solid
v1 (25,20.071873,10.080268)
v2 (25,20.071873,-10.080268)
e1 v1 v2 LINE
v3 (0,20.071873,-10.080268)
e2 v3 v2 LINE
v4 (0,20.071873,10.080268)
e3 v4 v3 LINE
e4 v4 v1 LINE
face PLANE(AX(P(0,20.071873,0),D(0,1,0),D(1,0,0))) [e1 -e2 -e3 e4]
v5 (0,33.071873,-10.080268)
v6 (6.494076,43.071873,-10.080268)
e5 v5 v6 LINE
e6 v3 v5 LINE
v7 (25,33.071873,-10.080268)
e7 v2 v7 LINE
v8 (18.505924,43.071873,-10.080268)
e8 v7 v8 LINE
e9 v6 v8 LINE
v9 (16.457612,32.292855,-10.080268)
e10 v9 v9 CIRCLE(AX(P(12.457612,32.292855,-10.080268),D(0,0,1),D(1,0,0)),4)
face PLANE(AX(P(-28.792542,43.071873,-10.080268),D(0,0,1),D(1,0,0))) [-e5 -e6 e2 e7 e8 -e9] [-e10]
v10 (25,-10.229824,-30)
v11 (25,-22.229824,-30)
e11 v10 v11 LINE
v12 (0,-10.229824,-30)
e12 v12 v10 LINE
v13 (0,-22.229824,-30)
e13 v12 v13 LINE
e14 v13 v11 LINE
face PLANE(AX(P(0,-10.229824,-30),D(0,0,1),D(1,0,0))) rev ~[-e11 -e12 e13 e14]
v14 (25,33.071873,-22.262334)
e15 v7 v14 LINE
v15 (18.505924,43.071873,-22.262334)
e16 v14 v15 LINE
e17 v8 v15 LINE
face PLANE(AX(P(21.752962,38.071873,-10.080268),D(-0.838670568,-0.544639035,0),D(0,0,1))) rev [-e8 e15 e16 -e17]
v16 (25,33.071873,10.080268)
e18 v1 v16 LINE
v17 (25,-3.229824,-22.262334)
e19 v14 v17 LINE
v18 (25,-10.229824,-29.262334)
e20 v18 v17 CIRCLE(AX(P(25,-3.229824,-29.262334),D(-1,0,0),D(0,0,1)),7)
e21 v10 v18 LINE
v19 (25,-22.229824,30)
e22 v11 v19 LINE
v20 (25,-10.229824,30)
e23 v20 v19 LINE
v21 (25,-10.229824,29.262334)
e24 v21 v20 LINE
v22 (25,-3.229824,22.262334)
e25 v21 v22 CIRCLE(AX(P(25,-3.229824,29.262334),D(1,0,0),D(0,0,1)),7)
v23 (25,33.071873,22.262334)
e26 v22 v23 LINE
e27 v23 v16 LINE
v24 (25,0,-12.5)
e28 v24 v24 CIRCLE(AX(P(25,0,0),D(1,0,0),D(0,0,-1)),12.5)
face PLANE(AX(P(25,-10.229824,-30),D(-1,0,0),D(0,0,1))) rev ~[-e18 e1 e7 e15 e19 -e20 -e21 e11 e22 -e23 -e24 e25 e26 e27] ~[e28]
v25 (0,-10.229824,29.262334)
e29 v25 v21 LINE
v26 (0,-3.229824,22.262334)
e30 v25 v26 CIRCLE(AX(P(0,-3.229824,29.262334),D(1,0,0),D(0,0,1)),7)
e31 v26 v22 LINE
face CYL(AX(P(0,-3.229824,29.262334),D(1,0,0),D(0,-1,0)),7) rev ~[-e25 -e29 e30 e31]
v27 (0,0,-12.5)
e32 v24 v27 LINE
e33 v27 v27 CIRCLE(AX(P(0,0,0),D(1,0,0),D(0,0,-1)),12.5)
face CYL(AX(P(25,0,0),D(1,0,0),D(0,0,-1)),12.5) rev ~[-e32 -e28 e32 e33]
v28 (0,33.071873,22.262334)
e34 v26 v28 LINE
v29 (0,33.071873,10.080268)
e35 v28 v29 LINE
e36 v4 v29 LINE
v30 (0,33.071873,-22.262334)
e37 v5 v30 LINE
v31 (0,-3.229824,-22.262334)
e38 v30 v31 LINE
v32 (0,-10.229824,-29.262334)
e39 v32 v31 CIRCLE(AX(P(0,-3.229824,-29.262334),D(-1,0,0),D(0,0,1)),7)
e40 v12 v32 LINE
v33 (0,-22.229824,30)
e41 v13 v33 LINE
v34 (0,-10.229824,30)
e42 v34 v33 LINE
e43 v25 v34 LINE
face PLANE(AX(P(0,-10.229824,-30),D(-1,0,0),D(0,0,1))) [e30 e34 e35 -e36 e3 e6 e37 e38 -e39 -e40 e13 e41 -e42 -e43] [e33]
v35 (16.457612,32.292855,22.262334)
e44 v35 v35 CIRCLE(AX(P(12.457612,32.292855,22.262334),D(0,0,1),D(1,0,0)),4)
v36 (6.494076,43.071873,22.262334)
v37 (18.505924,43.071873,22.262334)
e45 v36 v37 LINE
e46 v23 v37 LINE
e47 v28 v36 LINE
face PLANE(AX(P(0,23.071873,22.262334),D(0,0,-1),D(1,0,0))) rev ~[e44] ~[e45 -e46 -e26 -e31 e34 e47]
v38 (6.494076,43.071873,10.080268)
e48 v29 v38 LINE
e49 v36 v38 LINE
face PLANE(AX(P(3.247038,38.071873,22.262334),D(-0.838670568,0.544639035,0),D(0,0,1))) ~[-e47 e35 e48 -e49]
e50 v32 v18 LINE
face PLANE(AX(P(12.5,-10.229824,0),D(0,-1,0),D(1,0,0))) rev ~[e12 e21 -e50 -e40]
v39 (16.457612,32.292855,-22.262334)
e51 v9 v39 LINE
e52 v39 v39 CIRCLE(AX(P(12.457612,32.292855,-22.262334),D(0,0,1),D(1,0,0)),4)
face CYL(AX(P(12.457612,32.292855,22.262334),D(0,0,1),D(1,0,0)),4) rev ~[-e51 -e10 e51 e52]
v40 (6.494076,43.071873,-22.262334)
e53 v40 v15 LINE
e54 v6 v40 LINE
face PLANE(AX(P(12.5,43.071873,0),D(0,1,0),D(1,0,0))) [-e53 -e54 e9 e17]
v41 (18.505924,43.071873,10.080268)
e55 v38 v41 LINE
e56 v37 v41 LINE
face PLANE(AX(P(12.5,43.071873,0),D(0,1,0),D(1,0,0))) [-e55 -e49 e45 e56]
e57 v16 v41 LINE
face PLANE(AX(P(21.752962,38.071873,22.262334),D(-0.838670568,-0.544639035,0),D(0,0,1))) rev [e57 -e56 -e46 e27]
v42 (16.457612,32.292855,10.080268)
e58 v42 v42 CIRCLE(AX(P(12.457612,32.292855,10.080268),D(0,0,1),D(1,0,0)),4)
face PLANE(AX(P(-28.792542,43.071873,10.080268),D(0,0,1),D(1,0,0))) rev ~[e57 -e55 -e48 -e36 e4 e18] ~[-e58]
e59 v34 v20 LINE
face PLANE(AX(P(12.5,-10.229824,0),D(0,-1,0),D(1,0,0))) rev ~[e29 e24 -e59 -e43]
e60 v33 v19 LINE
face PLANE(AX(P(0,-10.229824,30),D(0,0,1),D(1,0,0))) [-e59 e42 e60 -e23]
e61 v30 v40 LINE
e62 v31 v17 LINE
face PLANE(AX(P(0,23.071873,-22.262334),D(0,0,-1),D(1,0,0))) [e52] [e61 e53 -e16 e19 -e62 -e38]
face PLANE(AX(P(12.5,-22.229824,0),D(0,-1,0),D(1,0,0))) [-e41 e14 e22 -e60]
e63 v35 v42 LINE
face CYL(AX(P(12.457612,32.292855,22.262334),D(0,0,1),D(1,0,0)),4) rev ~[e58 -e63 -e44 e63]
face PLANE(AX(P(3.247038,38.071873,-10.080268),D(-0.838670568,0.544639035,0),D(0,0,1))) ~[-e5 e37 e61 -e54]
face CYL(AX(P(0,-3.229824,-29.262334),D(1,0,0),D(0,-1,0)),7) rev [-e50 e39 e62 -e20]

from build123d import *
from OCP.BRepFilletAPI import BRepFilletAPI_MakeChamfer

# Parameters (mm, degrees)
SKETCH_1_W          = 44.524667954
SKETCH_1_H          = 33.301696974
EXTRUDE_1_DEPTH     = 25
SKETCH_2_W          = 25
SKETCH_2_H          = 44.524667954
EXTRUDE_2_DEPTH     = 20
SKETCH_3_R          = 4
CUT_EXTRUDE_1_DEPTH = 67.802936569
SKETCH_4_W          = 57.585084074
SKETCH_4_H          = 20.16053609
CUT_EXTRUDE_2_DEPTH = 23
CHAMFER_2_SIZE      = 10
CHAMFER_2_SIZE2     = 6.494075932
SKETCH_5_W          = 25
SKETCH_5_H          = 60
EXTRUDE_3_DEPTH     = 12
FILLET_2_R          = 7
SKETCH_6_R          = 12.5
CUT_EXTRUDE_3_DEPTH = 59.13936943


with BuildPart() as part:
    # Эскиз1 → Вытянуть1 (new body)
    with BuildSketch(Plane(origin=(0, 0, 0), x_dir=(0, 0, -1), z_dir=(1, 0, 0))):
        with Locations((0, 6.421024908)):
            Rectangle(SKETCH_1_W, SKETCH_1_H)
    extrude(amount=EXTRUDE_1_DEPTH)

    # Эскиз2 → Вытянуть2 (add)
    with BuildSketch(Plane(origin=(0, 23.071873395, 0), x_dir=(1, 0, 0), z_dir=(0, 1, 0))):
        with Locations((12.5, 0)):
            Rectangle(SKETCH_2_W, SKETCH_2_H)
    extrude(amount=EXTRUDE_2_DEPTH)

    # Эскиз3 → Вырез-Вытянуть1 (cut, through all)
    with BuildSketch(Plane.XY.offset(22.262333977)):
        with Locations((12.457612309, 32.292854615)):
            Circle(SKETCH_3_R)
    extrude(amount=-CUT_EXTRUDE_1_DEPTH, mode=Mode.SUBTRACT)

    # Эскиз4 → Вырез-Вытянуть2 (cut)
    with BuildSketch(Plane(origin=(0, 43.071873395, 0), x_dir=(1, 0, 0), z_dir=(0, 1, 0))):
        Rectangle(SKETCH_4_W, SKETCH_4_H)
    extrude(amount=-CUT_EXTRUDE_2_DEPTH, mode=Mode.SUBTRACT)

    # Фаска2: one chamfer whose edges measure the first distance from different faces: ONE call of the kernel's chamfer builder (chamfer() names one face for all edges)
    chamfer_2_edges_1 = [part.edges().sort_by_distance(p)[0] for p in [
        (0, 43.071873395, -16.171301011),
        (0, 43.071873395, 16.171301011),
    ]]
    chamfer_2_side_1 = [part.faces().sort_by_distance(p)[0] for p in [
        (0, 12.741969901, 0),
    ]]
    chamfer_2_edges_2 = [part.edges().sort_by_distance(p)[0] for p in [
        (25, 43.071873395, 16.171301011),
        (25, 43.071873395, -16.171301011),
    ]]
    chamfer_2_side_2 = [part.faces().sort_by_distance(p)[0] for p in [
        (25, 12.741969901, 0),
    ]]
    chamfer_2 = BRepFilletAPI_MakeChamfer(part.part.solid().wrapped)
    for e in chamfer_2_edges_1:
        chamfer_2.Add(CHAMFER_2_SIZE, CHAMFER_2_SIZE2, e.wrapped, chamfer_2_side_1[0].wrapped)  # the first distance lies on this face
    for e in chamfer_2_edges_2:
        chamfer_2.Add(CHAMFER_2_SIZE, CHAMFER_2_SIZE2, e.wrapped, chamfer_2_side_2[0].wrapped)  # the first distance lies on this face
    add(Compound.cast(chamfer_2.Shape()), mode=Mode.REPLACE)

    # Эскиз5 → Вытянуть3 (add)
    with BuildSketch(Plane.XZ.offset(10.229823579)):
        with Locations((12.5, 0)):
            Rectangle(SKETCH_5_W, SKETCH_5_H)
    extrude(amount=EXTRUDE_3_DEPTH)

    # Скругление2
    fillet_2_edges = [part.edges().sort_by_distance(p)[0] for p in [
        (12.5, -10.229823579, -22.262333977),
        (12.5, -10.229823579, 22.262333977),
    ]]
    fillet(fillet_2_edges, radius=FILLET_2_R)

    # Эскиз6 → Вырез-Вытянуть3 (cut, through all)
    with BuildSketch(Plane(origin=(25, 0, 0), x_dir=(0, 0, -1), z_dir=(1, 0, 0))):
        with Locations((1.8e-08, 3.6e-08)):
            Circle(SKETCH_6_R)
    extrude(amount=-CUT_EXTRUDE_3_DEPTH, mode=Mode.SUBTRACT)


solid = part.part
